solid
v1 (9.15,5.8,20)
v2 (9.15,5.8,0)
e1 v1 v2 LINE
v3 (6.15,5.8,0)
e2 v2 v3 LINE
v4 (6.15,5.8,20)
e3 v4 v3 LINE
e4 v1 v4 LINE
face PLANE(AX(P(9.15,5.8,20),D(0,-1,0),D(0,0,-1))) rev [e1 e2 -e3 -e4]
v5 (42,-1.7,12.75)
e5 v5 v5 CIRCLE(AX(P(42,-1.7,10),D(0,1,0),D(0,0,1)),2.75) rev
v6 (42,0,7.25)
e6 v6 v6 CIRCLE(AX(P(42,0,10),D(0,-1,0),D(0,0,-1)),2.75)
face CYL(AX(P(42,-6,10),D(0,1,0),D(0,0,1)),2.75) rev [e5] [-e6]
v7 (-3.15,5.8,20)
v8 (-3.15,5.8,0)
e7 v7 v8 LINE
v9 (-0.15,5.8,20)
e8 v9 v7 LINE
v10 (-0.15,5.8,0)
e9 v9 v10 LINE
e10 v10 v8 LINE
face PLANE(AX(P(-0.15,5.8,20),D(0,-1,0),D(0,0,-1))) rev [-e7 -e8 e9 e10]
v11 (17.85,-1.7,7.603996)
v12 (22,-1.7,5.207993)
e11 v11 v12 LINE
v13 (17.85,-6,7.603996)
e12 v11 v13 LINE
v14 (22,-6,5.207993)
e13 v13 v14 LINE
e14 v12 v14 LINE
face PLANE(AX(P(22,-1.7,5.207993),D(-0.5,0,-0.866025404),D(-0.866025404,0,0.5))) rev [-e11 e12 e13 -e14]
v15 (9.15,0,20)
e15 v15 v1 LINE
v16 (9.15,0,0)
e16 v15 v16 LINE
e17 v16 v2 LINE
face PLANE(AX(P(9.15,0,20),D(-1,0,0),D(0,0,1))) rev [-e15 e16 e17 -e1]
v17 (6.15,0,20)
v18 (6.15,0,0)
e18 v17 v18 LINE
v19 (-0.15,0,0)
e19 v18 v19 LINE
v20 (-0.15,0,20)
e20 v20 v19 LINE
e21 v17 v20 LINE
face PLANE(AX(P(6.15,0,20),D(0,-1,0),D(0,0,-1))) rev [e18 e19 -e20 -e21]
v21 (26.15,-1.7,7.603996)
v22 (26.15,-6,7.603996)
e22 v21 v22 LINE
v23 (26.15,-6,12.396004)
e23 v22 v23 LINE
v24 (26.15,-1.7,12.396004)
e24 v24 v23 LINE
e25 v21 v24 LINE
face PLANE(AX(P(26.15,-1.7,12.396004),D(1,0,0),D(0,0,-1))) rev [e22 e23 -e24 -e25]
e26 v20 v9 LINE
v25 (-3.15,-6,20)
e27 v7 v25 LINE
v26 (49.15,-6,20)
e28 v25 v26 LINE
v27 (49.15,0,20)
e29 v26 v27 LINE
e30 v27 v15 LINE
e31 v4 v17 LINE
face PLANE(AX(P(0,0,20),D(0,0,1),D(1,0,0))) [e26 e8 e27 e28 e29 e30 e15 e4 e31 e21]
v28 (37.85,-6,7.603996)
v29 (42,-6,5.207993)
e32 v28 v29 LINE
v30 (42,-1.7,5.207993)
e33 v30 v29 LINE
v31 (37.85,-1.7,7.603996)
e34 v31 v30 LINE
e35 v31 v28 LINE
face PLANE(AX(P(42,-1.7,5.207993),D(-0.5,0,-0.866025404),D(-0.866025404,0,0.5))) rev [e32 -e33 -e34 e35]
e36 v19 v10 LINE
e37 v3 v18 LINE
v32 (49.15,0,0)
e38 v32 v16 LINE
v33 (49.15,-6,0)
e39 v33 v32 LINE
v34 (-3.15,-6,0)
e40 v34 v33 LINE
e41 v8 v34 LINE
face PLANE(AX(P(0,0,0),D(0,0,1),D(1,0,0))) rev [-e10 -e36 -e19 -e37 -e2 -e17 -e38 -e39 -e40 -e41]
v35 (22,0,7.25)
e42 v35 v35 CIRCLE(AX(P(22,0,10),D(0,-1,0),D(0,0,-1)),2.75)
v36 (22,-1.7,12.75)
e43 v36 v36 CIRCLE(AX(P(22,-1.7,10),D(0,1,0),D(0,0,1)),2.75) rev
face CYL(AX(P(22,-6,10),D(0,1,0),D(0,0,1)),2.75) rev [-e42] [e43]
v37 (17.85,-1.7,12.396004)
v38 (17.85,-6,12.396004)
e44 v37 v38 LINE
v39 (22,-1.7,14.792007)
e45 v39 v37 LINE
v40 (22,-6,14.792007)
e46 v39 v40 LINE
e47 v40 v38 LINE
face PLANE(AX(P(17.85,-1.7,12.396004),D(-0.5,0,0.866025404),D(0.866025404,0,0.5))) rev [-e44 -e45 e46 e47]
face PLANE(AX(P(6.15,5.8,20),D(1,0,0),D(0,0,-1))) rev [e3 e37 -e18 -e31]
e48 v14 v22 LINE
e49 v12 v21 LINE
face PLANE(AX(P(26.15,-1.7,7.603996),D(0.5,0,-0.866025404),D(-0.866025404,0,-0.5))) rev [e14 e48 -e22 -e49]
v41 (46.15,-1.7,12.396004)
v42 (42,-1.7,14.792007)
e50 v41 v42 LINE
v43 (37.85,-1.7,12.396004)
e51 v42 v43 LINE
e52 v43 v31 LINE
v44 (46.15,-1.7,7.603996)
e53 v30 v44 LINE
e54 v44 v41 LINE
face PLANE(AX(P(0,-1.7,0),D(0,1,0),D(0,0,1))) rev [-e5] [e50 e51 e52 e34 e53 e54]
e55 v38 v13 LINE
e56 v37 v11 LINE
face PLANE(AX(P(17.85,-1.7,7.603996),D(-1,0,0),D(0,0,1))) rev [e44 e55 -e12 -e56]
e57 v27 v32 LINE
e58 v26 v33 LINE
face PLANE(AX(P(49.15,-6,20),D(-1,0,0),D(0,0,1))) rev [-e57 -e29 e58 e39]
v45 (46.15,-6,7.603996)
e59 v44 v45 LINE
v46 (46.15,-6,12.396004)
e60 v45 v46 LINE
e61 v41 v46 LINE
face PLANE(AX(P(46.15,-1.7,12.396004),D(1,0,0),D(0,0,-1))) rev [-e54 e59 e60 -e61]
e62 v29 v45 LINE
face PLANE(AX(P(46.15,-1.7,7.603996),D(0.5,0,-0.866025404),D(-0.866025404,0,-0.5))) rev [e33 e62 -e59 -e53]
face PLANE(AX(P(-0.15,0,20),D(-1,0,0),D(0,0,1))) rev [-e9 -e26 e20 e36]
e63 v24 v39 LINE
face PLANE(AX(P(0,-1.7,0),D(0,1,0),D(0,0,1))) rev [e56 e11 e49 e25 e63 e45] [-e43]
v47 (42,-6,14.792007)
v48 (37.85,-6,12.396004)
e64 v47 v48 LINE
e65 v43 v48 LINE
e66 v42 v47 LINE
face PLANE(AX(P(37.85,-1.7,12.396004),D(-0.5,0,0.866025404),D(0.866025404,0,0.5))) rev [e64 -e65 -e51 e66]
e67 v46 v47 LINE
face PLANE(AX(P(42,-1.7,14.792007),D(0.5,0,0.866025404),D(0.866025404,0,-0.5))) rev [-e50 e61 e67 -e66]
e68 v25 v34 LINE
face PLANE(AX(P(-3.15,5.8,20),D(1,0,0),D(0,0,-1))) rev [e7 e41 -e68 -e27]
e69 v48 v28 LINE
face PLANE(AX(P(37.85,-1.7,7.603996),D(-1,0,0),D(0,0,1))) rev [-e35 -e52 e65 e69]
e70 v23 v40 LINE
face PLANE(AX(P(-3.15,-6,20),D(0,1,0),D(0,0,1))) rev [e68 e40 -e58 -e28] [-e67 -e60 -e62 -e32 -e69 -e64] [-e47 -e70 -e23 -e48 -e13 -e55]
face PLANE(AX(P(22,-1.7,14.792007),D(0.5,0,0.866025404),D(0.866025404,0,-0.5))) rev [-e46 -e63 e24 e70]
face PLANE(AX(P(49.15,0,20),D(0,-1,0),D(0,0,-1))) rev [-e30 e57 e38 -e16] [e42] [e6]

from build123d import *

# Parameters (mm, degrees)
EXTRUDE_20_DEPTH         = 20
CUT_EXTRUDE_5_DEPTH      = 54.401521514
CUT_EXTRUDE_5_DEPTH_BACK = 54.401521514
SKETCH_5_R               = 2.75
CUT_EXTRUDE_5_4_3_DEPTH  = 4.3


with BuildPart() as part:
    # Профиль_скобы_6мм → Печатный_корпус_20мм (new body)
    with BuildSketch(Plane.XY):
        Polygon((-3.15, -6), (49.15, -6), (49.15, 0), (9.15, 0), (9.15, 5.8), (6.15, 5.8), (6.15, 0), (-0.15, 0), (-0.15, 5.8), (-3.15, 5.8), align=None)
    extrude(amount=EXTRUDE_20_DEPTH)

    # Sketch 5 → Винты_полки_М5 (cut, two sides: drawn at the far end of the back side and taken through both)
    with BuildSketch(Plane(origin=(0, 0, 0), x_dir=(1, 0, 0), z_dir=(0, 1, 0)).offset(-CUT_EXTRUDE_5_DEPTH_BACK)):
        with Locations(Location((22, -10, 0), (0, 0, 270))):
            Circle(SKETCH_5_R)
        with Locations(Location((42, -10, 0), (0, 0, 270))):
            Circle(SKETCH_5_R)
    extrude(amount=CUT_EXTRUDE_5_DEPTH + CUT_EXTRUDE_5_DEPTH_BACK, mode=Mode.SUBTRACT)

    # Sketch 5 2 → Гайки_полки_М5_4_3мм (cut)
    with BuildSketch(Plane.XZ.offset(6)):
        Polygon((22, 14.792007234), (26.15, 12.396003617), (26.15, 7.603996383), (22, 5.207992766), (17.85, 7.603996383), (17.85, 12.396003617), align=None)
        Polygon((42, 14.792007234), (46.15, 12.396003617), (46.15, 7.603996383), (42, 5.207992766), (37.85, 7.603996383), (37.85, 12.396003617), align=None)
    extrude(amount=-CUT_EXTRUDE_5_4_3_DEPTH, mode=Mode.SUBTRACT)


solid = part.part
